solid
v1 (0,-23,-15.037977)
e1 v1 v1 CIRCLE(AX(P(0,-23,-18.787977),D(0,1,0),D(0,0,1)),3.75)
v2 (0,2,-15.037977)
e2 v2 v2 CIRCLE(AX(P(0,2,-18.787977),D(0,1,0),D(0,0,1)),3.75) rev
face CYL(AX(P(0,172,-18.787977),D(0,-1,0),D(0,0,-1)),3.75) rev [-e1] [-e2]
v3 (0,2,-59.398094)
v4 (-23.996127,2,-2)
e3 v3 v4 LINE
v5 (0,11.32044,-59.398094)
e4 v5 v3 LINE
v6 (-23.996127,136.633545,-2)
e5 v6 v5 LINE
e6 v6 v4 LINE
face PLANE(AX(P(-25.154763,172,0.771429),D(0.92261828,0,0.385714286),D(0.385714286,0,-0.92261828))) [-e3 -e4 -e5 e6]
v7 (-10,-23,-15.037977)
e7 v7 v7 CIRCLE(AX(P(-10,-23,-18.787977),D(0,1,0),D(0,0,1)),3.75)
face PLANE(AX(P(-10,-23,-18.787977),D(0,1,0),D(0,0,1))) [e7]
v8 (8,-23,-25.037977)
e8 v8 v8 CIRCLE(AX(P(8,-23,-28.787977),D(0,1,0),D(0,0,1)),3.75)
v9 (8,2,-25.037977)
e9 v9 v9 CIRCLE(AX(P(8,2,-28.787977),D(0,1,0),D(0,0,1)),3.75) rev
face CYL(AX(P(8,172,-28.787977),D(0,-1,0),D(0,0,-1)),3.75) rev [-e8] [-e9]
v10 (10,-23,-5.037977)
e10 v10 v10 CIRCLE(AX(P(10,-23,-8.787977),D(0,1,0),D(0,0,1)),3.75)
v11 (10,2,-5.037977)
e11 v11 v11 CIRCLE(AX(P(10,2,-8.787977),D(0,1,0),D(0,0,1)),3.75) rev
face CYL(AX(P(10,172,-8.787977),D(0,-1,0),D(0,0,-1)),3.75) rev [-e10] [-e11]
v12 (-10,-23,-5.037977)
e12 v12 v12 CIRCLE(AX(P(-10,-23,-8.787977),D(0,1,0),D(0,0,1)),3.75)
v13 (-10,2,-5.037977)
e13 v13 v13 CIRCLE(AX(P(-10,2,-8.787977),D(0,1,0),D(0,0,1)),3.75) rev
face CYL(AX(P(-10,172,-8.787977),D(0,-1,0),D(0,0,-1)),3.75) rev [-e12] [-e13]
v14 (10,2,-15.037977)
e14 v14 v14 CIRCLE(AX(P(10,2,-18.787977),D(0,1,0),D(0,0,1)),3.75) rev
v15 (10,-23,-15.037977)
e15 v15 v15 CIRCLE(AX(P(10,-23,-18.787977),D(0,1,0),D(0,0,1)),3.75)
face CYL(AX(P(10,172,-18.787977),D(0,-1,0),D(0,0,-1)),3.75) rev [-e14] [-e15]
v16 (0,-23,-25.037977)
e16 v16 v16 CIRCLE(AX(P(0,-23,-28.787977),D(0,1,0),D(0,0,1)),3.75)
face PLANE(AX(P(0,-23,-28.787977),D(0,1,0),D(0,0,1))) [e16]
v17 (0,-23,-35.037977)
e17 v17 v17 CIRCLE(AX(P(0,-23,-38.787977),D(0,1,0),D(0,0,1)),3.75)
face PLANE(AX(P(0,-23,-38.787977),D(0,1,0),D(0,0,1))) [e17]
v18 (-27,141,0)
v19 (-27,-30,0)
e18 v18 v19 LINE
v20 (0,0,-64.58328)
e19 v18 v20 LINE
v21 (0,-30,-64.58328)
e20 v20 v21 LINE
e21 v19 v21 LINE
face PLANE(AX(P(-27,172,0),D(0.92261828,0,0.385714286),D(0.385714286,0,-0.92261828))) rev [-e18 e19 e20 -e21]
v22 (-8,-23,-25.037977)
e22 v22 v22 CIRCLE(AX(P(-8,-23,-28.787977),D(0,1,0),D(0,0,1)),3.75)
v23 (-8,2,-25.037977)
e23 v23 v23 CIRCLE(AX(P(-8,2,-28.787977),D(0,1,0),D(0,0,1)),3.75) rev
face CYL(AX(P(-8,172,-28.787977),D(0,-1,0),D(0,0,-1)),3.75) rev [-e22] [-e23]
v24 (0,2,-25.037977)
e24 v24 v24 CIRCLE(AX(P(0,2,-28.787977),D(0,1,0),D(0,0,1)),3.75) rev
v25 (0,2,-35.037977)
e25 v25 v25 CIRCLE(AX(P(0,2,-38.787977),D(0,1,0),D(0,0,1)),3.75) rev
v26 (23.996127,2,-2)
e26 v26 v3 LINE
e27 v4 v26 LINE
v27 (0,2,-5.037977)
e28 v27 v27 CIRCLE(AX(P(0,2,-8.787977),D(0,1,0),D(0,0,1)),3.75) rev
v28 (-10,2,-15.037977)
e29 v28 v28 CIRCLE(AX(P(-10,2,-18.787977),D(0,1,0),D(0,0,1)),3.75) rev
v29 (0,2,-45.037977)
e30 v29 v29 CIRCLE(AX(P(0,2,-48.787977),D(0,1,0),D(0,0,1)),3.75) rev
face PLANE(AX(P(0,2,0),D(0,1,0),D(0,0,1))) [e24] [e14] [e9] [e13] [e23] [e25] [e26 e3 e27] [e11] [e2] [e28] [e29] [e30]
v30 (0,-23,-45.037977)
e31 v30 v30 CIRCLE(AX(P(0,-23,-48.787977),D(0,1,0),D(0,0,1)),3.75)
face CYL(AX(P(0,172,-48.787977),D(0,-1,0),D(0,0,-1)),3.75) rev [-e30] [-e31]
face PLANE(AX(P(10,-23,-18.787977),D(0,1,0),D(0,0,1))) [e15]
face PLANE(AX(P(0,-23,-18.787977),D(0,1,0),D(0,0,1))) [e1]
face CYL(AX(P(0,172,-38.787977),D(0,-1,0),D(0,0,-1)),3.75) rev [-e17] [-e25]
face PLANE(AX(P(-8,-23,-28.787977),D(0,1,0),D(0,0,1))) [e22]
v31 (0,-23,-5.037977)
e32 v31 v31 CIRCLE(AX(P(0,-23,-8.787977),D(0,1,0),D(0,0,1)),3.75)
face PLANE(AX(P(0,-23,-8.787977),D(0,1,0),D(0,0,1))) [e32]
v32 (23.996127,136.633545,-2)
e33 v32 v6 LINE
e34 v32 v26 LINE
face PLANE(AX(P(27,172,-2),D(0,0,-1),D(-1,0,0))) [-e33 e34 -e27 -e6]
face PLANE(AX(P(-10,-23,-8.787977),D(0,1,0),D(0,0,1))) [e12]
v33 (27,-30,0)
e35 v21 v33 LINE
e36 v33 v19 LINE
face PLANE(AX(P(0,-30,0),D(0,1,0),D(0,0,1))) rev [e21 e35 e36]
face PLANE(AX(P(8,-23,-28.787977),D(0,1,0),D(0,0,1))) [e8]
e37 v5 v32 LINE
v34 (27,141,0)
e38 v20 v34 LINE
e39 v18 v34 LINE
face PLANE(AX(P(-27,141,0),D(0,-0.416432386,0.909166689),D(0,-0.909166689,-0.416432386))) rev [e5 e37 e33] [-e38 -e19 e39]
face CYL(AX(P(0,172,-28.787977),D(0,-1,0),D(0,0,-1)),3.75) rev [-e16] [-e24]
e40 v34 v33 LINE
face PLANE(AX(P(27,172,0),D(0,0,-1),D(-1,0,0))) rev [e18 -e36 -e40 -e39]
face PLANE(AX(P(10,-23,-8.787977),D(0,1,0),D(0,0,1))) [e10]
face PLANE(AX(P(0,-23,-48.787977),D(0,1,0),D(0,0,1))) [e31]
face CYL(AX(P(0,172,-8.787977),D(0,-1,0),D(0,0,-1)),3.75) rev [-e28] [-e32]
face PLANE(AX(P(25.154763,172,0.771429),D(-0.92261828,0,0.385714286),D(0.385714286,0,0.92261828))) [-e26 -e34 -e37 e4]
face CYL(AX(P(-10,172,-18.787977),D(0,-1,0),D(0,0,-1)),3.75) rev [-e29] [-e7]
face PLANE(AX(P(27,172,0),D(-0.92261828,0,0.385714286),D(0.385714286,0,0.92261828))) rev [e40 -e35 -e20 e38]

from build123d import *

# Parameters (mm, degrees)
SALIENTE_EXTRUIR1_DEPTH    = 172
VACIADO2_T                 = -2
SALIENTE_EXTRUIR2_DEPTH    = 30
CORTAR_EXTRUIR2_DEPTH      = 186.698680663
CORTAR_EXTRUIR2_DEPTH_BACK = 186.698680663
CORTAR_EXTRUIR3_DEPTH      = 184.847763109
CORTAR_EXTRUIR3_DEPTH_BACK = 25
CROQUIS8_R                 = 3.75
CORTAR_EXTRUIR4_DEPTH      = 186.698680663
CORTAR_EXTRUIR4_DEPTH_BACK = 186.698680663
CROQUIS9_W                 = 61.645841287
CROQUIS9_H                 = 31
CORTAR_EXTRUIR5_DEPTH      = 158.419820861
CORTAR_EXTRUIR5_DEPTH_BACK = 158.419820861


with BuildPart() as part:
    # Croquis1 → Saliente-Extruir1 (new body)
    with BuildSketch(Plane(origin=(0, 0, 0), x_dir=(1, 0, 0), z_dir=(0, 1, 0))):
        Polygon((27, 0), (-27, 0), (0, 64.58327957), align=None)
    extrude(amount=SALIENTE_EXTRUIR1_DEPTH)

    # Vaciado2
    vaciado2_openings = [part.faces().sort_by_distance(p)[0] for p in [
        (0, 172, -21.527759857),
    ]]
    offset(amount=VACIADO2_T, openings=vaciado2_openings, kind=Kind.INTERSECTION)

    # Croquis6 → Saliente-Extruir2 (add)
    with BuildSketch(Plane.XZ):
        Polygon((-27, 0), (27, 0), (0, -64.58327957), align=None)
    extrude(amount=SALIENTE_EXTRUIR2_DEPTH)

    # Croquis5 → Cortar-Extruir2 (cut, two sides: drawn at the far end of the back side and taken through both)
    with BuildSketch(Plane(origin=(0, 0, 0), x_dir=(0, 0, -1), z_dir=(1, 0, 0)).offset(-CORTAR_EXTRUIR2_DEPTH_BACK)):
        Polygon((4.522801595, 172), (64.58327957, 172), (64.58327957, 0), align=None)
    extrude(amount=CORTAR_EXTRUIR2_DEPTH + CORTAR_EXTRUIR2_DEPTH_BACK, mode=Mode.SUBTRACT)

    # Croquis8 → Cortar-Extruir3 (cut, two sides: drawn at the far end of the back side and taken through both)
    with BuildSketch(Plane(origin=(0, 2, 0), x_dir=(1, 0, 0), z_dir=(0, 1, 0)).offset(-CORTAR_EXTRUIR3_DEPTH_BACK)):
        with Locations(Location((0, 48.787977385, 0), (0, 0, 270))):
            Circle(CROQUIS8_R)
        with Locations(Location((0, 38.787977385, 0), (0, 0, 270))):
            Circle(CROQUIS8_R)
        with Locations(Location((0, 28.787977385, 0), (0, 0, 270))):
            Circle(CROQUIS8_R)
        with Locations(Location((0, 18.787977385, 0), (0, 0, 270))):
            Circle(CROQUIS8_R)
        with Locations(Location((0, 8.787977385, 0), (0, 0, 270))):
            Circle(CROQUIS8_R)
        with Locations(Location((10, 8.787977385, 0), (0, 0, 270))):
            Circle(CROQUIS8_R)
        with Locations(Location((-10, 8.787977385, 0), (0, 0, 270))):
            Circle(CROQUIS8_R)
        with Locations(Location((10, 18.787977385, 0), (0, 0, 270))):
            Circle(CROQUIS8_R)
        with Locations(Location((-10, 18.787977385, 0), (0, 0, 270))):
            Circle(CROQUIS8_R)
        with Locations(Location((8, 28.787977385, 0), (0, 0, 270))):
            Circle(CROQUIS8_R)
        with Locations(Location((-8, 28.787977385, 0), (0, 0, 270))):
            Circle(CROQUIS8_R)
    extrude(amount=CORTAR_EXTRUIR3_DEPTH + CORTAR_EXTRUIR3_DEPTH_BACK, mode=Mode.SUBTRACT)

    # Croquis9 → Cortar-Extruir4 (cut, two sides: drawn at the far end of the back side and taken through both)
    with BuildSketch(Plane(origin=(0, 0, 0), x_dir=(0, 0, -1), z_dir=(1, 0, 0)).offset(-CORTAR_EXTRUIR4_DEPTH_BACK)):
        with Locations((30.822920644, 156.5)):
            Rectangle(CROQUIS9_W, CROQUIS9_H)
    extrude(amount=CORTAR_EXTRUIR4_DEPTH + CORTAR_EXTRUIR4_DEPTH_BACK, mode=Mode.SUBTRACT)

    # Croquis10 → Cortar-Extruir5 (cut, two sides: drawn at the far end of the back side and taken through both)
    with BuildSketch(Plane(origin=(0, 0, 0), x_dir=(0, 0, -1), z_dir=(1, 0, 0)).offset(-CORTAR_EXTRUIR5_DEPTH_BACK)):
        Polygon((0, 141), (64.58327957, 0), (23.73241025, 141), align=None)
    extrude(amount=CORTAR_EXTRUIR5_DEPTH + CORTAR_EXTRUIR5_DEPTH_BACK, mode=Mode.SUBTRACT)


solid = part.part
